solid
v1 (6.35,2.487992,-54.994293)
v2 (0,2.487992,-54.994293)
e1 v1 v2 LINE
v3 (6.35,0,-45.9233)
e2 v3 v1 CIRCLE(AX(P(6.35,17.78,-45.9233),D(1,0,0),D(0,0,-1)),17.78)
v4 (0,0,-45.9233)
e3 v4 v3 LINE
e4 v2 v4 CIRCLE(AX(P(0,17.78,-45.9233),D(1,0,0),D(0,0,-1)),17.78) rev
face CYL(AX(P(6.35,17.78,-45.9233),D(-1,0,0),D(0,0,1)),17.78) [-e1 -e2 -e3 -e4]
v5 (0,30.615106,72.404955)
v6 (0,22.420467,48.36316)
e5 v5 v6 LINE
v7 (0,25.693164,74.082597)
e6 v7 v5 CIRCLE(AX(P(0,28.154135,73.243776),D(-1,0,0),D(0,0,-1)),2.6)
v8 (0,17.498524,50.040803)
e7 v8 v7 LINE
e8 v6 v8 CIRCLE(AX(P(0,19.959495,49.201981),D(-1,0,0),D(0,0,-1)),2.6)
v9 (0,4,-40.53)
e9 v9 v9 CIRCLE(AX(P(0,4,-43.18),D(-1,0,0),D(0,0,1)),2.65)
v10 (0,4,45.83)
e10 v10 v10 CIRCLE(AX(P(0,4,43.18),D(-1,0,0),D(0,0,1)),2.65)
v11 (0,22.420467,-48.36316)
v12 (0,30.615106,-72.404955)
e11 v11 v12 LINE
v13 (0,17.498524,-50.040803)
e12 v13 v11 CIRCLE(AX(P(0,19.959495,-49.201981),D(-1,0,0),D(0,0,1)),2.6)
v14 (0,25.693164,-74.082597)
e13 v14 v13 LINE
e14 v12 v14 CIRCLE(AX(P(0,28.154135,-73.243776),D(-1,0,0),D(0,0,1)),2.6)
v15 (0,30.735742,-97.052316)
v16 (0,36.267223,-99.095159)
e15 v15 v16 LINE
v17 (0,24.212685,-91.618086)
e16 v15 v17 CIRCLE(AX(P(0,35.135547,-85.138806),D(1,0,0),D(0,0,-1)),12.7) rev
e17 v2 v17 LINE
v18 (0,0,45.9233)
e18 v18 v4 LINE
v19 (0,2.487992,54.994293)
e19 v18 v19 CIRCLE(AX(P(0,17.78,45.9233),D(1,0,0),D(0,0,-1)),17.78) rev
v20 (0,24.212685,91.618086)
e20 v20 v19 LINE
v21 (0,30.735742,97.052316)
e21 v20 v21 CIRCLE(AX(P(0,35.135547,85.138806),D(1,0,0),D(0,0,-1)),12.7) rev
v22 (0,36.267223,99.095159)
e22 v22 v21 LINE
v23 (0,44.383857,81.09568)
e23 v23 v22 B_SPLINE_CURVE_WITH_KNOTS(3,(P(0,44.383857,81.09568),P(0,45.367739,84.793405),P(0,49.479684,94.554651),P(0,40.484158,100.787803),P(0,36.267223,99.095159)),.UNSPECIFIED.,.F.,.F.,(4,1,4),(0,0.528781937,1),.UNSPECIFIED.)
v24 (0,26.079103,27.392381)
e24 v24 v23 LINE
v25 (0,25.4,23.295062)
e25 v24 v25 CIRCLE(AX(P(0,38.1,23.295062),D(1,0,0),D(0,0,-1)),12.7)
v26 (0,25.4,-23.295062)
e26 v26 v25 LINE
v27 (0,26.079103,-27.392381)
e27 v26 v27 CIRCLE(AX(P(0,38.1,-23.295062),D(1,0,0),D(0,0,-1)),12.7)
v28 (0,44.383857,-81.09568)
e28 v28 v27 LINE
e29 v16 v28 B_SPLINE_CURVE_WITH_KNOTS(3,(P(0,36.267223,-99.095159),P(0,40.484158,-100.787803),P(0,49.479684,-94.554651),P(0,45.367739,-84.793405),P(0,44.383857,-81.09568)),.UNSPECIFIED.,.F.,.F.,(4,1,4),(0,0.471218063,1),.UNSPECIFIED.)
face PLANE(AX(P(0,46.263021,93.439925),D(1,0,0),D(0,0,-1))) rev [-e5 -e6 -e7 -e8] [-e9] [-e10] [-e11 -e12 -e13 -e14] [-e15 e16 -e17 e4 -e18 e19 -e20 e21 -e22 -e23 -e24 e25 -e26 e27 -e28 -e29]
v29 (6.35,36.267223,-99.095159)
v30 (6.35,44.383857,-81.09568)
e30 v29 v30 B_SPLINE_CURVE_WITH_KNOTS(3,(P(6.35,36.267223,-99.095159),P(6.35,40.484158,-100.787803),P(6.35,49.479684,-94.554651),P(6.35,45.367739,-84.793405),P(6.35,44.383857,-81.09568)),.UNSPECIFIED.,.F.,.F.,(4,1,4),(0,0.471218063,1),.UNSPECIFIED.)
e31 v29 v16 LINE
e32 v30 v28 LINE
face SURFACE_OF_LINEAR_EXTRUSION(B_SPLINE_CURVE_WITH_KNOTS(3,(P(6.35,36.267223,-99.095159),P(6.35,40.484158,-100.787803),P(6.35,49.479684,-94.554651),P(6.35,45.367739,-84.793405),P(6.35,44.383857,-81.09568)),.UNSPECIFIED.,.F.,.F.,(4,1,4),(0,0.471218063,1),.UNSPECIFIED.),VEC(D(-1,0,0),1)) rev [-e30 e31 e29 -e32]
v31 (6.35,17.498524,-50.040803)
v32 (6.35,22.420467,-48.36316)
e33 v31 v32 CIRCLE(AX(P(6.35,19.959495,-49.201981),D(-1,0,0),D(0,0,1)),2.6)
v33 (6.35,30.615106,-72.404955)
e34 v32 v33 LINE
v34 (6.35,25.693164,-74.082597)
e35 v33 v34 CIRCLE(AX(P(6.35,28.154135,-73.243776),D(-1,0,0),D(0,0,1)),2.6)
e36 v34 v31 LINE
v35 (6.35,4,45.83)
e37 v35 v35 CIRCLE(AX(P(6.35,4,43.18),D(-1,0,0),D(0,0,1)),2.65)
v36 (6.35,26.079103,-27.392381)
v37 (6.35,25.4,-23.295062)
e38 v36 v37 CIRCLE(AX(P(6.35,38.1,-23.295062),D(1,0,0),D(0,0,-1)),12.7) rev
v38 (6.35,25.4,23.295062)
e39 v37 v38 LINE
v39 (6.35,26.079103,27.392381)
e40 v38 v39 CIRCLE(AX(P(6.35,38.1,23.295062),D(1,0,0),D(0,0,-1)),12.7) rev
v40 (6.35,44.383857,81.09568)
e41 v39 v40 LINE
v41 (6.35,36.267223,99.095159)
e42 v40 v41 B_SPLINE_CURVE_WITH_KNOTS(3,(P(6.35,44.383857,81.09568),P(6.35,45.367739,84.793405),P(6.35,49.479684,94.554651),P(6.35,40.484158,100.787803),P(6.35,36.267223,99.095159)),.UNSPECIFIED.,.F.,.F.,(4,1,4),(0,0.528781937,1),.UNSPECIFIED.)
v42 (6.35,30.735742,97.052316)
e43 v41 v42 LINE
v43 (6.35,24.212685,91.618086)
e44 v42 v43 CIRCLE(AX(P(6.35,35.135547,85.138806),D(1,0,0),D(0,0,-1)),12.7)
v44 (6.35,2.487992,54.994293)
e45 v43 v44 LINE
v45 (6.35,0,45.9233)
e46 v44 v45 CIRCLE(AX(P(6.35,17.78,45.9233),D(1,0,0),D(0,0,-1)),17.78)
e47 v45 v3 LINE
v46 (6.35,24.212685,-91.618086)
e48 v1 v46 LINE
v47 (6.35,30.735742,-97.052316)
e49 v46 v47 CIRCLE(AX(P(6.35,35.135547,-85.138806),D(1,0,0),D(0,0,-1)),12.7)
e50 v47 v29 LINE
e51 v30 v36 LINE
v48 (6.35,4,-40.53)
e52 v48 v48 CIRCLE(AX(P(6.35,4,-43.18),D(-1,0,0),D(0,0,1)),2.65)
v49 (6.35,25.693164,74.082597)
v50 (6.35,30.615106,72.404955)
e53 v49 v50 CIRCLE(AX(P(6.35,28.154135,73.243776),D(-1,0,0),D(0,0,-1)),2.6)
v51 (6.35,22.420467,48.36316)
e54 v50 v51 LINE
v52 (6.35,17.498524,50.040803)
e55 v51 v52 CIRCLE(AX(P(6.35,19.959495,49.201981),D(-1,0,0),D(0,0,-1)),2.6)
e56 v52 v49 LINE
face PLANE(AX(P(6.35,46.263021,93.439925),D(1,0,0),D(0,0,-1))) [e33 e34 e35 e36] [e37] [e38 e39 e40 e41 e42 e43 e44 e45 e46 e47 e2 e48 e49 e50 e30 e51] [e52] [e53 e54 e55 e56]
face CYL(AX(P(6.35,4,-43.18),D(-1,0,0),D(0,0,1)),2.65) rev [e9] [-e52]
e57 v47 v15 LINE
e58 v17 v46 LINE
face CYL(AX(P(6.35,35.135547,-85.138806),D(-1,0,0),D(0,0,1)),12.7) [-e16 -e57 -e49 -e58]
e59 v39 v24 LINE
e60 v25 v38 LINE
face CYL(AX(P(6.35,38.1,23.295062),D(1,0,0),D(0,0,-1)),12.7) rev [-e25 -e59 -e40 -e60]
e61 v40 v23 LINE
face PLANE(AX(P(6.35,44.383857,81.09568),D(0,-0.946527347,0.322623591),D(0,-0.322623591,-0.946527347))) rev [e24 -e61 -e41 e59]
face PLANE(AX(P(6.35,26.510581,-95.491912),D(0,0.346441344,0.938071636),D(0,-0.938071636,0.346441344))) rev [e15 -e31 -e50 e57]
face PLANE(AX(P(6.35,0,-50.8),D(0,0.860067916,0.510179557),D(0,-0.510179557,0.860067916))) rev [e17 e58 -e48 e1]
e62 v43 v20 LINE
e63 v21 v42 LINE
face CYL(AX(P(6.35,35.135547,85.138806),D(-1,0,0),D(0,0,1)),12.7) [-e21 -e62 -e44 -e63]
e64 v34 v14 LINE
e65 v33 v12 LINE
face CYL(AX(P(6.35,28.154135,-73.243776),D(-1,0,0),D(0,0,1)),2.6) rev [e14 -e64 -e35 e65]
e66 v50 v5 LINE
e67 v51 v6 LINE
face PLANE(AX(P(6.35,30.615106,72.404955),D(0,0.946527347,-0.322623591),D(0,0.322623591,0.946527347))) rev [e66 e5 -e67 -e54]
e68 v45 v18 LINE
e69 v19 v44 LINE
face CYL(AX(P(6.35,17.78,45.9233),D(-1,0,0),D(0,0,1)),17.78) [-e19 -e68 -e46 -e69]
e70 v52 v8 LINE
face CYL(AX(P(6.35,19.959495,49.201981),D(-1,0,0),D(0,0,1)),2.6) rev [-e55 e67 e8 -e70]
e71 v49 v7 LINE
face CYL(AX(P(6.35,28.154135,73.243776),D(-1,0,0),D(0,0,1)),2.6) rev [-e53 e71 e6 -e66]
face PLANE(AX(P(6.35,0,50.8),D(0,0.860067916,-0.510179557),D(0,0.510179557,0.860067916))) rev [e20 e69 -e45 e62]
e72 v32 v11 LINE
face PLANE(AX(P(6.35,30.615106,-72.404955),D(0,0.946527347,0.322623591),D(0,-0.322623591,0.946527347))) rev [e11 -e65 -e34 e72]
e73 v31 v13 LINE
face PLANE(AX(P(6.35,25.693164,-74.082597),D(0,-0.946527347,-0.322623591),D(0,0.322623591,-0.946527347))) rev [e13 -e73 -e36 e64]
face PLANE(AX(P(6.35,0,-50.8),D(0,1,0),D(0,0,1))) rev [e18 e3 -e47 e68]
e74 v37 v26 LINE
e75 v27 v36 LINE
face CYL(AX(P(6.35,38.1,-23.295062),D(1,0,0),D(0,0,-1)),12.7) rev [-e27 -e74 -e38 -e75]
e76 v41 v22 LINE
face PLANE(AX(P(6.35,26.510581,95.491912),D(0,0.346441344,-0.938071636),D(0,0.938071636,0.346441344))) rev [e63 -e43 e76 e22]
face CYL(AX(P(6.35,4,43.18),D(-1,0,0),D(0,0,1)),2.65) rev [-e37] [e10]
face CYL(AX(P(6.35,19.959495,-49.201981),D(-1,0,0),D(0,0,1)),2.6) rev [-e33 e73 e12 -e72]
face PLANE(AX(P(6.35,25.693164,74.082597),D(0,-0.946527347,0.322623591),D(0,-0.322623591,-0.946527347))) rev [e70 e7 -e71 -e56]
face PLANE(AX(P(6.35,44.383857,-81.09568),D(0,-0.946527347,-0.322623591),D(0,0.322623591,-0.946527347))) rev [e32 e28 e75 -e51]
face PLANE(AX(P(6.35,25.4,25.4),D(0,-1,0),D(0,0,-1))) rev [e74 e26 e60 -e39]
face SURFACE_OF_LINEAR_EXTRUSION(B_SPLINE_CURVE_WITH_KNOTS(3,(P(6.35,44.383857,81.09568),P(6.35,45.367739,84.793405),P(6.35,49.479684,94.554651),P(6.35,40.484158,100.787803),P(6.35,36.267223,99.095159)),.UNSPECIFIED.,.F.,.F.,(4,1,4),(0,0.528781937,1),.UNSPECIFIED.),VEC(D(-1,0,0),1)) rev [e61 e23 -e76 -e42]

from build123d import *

# Parameters (mm, degrees)
BOSS_EXTRUDE1_DEPTH = 6.35
SLOTS_DEPTH         = 7.3500001
SKETCH3_R           = 2.65
HOLES_DEPTH         = 7.3500001
FILLET1_R           = 12.7
FILLET2_R           = 17.78


with BuildPart() as part:
    # Sketch1 → Boss-Extrude1 (new body)
    with BuildSketch(Plane(origin=(0, 0, 0), x_dir=(0, 0, -1), z_dir=(1, 0, 0))):
        with BuildLine():
            Line((50.8, 0), (-50.8, 0))
            Line((-50.8, 0), (-95.491911785, 26.510580519))
            Line((-95.491911785, 26.510580519), (-99.095159206, 36.267222623))
            add(Edge.make_bspline(
                [(-81.095679658, 44.383857392), (-84.793404741, 45.36773864), (-94.554651266, 49.479684382), (-100.787803101, 40.484157915), (-99.095159206, 36.267222623)],
                knots=[0, 0, 0, 0, 0.528781937, 1, 1, 1, 1], degree=3))
            Line((-81.095679658, 44.383857392), (-25.4, 25.4))
            Line((-25.4, 25.4), (25.4, 25.4))
            Line((25.4, 25.4), (81.095679658, 44.383857392))
            add(Edge.make_bspline(
                [(81.095679658, 44.383857392), (84.793404741, 45.36773864), (94.554651266, 49.479684382), (100.787803101, 40.484157915), (99.095159206, 36.267222623)],
                knots=[0, 0, 0, 0, 0.528781937, 1, 1, 1, 1], degree=3))
            Line((99.095159206, 36.267222623), (95.491911785, 26.510580519))
            Line((95.491911785, 26.510580519), (50.8, 0))
        make_face()
    extrude(amount=BOSS_EXTRUDE1_DEPTH)

    # Sketch2 → slots (cut, through all)
    with BuildSketch(Plane.ZY):
        with BuildLine():
            Line((-72.404954671, 30.615105796), (-48.363160058, 22.420466586))
            ThreePointArc((-48.363160058, 22.420466586), (-46.741010292, 19.120674147), (-50.040802731, 17.498524382))
            Line((-50.040802731, 17.498524382), (-74.082597344, 25.693163592))
            ThreePointArc((-74.082597344, 25.693163592), (-75.70474711, 28.992956031), (-72.404954671, 30.615105796))
        make_face()
        with BuildLine():
            Line((72.404954671, 30.615105796), (48.363160058, 22.420466586))
            ThreePointArc((48.363160058, 22.420466586), (46.741010292, 19.120674147), (50.040802731, 17.498524382))
            Line((50.040802731, 17.498524382), (74.082597344, 25.693163592))
            ThreePointArc((74.082597344, 25.693163592), (75.70474711, 28.992956031), (72.404954671, 30.615105796))
        make_face()
    extrude(amount=-SLOTS_DEPTH, mode=Mode.SUBTRACT)

    # Sketch3 → holes (cut, through all)
    with BuildSketch(Plane.ZY):
        with Locations((-43.18, 4)):
            Circle(SKETCH3_R)
        with Locations((43.18, 4)):
            Circle(SKETCH3_R)
    extrude(amount=-HOLES_DEPTH, mode=Mode.SUBTRACT)

    # Fillet1
    fillet1_edges = [part.edges().sort_by_distance(p)[0] for p in [
        (3.175, 26.510580519, 95.491911785),
        (3.175, 25.4, 25.4),
        (3.175, 25.4, -25.4),
        (3.175, 26.510580519, -95.491911785),
    ]]
    fillet(fillet1_edges, radius=FILLET1_R)

    # Fillet2
    fillet2_edges = [part.edges().sort_by_distance(p)[0] for p in [
        (3.175, 0, -50.8),
        (3.175, 0, 50.8),
    ]]
    fillet(fillet2_edges, radius=FILLET2_R)


solid = part.part
